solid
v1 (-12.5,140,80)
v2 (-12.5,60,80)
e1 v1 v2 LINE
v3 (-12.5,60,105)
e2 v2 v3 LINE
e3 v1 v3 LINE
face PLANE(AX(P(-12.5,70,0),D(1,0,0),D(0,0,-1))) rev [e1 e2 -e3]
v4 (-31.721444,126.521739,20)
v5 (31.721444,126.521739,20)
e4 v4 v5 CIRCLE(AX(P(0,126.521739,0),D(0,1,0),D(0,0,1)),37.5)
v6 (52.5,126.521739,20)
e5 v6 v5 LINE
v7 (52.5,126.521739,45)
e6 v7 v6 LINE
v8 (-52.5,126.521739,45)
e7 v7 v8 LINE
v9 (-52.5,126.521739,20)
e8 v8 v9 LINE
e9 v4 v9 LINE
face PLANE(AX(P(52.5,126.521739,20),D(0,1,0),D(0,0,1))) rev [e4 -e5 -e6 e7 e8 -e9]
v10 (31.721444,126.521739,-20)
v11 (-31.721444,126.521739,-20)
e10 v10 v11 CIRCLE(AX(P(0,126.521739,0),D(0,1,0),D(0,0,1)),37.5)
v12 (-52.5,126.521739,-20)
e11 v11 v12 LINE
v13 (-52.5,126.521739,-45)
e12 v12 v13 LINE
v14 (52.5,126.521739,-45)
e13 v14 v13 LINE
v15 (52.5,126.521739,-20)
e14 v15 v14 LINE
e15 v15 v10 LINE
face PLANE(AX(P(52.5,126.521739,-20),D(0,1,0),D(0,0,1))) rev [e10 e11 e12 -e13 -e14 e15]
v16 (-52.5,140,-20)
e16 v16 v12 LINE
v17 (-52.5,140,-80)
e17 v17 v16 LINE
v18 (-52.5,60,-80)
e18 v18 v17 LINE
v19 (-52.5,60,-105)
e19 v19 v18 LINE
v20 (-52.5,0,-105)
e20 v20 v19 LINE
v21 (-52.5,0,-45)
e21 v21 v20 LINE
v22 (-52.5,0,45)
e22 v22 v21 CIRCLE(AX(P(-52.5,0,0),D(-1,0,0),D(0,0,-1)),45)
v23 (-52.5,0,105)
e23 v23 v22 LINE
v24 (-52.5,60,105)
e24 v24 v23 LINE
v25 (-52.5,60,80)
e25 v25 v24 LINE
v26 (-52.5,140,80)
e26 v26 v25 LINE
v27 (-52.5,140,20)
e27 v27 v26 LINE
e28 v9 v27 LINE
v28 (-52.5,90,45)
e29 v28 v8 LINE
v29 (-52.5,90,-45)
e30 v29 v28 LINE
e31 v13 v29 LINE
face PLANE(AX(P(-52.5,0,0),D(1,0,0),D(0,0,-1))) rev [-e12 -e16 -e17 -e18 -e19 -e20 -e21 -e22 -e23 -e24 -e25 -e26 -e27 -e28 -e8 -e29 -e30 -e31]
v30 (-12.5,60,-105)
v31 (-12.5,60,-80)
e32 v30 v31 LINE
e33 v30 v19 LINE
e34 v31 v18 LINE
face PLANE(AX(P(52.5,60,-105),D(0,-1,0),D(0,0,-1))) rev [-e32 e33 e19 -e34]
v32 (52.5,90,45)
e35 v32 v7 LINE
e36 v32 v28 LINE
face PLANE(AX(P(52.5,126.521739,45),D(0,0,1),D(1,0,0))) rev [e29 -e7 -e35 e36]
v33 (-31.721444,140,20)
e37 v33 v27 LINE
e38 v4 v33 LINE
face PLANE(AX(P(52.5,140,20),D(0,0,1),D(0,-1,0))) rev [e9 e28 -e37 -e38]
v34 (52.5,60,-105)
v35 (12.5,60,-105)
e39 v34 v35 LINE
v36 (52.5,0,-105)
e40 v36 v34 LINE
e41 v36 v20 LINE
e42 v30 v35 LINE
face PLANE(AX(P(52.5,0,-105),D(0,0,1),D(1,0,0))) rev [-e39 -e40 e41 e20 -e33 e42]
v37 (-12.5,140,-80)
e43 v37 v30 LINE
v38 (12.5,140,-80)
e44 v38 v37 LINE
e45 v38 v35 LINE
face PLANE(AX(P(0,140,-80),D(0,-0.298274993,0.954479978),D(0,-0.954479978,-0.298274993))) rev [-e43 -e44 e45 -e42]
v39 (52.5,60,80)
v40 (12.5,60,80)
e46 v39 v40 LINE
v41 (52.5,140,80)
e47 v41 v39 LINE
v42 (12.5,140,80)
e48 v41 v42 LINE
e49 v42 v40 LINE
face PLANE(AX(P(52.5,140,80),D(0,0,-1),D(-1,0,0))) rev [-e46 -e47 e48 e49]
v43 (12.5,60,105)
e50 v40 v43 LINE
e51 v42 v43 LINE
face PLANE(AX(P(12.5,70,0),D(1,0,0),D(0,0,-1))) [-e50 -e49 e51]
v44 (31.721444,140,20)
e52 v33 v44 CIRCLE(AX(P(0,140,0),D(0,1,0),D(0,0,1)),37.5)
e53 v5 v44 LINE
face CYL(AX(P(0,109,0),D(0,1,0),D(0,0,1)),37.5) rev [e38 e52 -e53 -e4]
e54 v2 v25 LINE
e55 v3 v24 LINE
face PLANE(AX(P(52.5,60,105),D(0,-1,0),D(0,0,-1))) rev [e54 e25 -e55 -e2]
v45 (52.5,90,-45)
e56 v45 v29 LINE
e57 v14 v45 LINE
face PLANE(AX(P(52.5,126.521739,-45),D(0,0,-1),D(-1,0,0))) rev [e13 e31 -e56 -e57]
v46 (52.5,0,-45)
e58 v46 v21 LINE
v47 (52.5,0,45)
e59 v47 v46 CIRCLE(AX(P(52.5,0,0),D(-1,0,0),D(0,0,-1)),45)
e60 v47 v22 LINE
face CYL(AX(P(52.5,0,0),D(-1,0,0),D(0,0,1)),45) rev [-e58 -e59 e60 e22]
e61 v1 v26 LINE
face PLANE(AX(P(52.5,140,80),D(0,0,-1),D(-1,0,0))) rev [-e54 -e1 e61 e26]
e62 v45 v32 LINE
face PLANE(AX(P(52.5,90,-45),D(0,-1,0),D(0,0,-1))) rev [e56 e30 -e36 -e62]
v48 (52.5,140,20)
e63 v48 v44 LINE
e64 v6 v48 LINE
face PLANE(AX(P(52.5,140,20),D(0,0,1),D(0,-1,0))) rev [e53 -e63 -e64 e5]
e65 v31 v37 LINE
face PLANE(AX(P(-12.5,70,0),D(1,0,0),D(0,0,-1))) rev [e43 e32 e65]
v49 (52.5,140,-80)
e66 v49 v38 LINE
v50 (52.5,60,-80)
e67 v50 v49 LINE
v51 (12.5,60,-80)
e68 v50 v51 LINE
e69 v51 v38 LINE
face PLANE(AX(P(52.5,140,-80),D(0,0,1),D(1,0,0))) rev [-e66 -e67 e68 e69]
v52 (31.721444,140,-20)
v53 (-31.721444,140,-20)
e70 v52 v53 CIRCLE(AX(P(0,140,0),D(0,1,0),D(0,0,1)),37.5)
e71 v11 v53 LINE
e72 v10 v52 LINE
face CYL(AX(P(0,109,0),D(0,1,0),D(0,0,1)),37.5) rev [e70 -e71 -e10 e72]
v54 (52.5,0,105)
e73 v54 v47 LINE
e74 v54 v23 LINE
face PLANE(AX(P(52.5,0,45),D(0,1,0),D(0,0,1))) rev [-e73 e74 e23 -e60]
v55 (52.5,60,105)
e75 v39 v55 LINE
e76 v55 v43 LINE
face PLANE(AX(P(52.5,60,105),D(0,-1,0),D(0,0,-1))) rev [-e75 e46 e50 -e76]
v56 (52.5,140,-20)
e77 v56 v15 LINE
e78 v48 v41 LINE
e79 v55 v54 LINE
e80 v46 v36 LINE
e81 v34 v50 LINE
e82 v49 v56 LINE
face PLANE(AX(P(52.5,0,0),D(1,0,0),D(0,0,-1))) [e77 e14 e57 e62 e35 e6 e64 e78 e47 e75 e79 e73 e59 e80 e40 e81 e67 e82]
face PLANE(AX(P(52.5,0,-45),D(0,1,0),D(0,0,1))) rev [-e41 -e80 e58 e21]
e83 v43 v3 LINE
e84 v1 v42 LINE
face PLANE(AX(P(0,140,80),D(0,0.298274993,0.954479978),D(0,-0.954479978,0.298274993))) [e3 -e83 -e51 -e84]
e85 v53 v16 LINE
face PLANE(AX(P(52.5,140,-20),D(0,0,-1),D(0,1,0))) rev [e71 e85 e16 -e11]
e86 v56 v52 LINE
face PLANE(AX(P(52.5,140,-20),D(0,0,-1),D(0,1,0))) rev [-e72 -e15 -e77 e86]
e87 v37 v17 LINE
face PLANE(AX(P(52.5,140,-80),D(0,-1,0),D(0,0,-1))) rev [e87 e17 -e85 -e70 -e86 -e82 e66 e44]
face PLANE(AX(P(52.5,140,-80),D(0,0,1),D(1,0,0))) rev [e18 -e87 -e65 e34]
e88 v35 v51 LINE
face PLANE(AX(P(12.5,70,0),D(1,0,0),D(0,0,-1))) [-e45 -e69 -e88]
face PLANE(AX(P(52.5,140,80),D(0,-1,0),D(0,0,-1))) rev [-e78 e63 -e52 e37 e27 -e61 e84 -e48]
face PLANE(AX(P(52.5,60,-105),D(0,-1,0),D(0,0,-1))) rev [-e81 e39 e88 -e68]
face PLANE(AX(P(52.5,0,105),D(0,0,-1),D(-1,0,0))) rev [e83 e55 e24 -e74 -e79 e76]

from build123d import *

# Parameters (mm, degrees)
BOSS_EXTRUDE1_DEPTH = 52.5
RIB1_REACH          = 184.705
SKETCH3_WALL_W      = 451.226000884
SKETCH3_WALL_H      = 25
RIB2_REACH          = 184.705
SKETCH2_WALL_W      = 451.226000884
SKETCH2_WALL_H      = 25
CUT_EXTRUDE1_DEPTH  = 31


with BuildPart() as part:
    # Sketch1 → Boss-Extrude1 (new, symmetric)
    with BuildSketch(Plane(origin=(0, 0, 0), x_dir=(0, 0, -1), z_dir=(1, 0, 0))):
        with BuildLine():
            Line((45, 0), (105, 0))
            Line((105, 0), (105, 60))
            Line((105, 60), (80, 60))
            Line((80, 60), (80, 140))
            Line((80, 140), (20, 140))
            Line((20, 140), (20, 126.52173913))
            Line((20, 126.52173913), (45, 126.52173913))
            Line((45, 126.52173913), (45, 90))
            Line((45, 90), (-45, 90))
            Line((-45, 90), (-45, 126.52173913))
            Line((-45, 126.52173913), (-20, 126.52173913))
            Line((-20, 126.52173913), (-20, 140))
            Line((-20, 140), (-80, 140))
            Line((-80, 140), (-80, 60))
            Line((-80, 60), (-105, 60))
            Line((-105, 60), (-105, 0))
            Line((-105, 0), (-45, 0))
            ThreePointArc((-45, 0), (0, 45), (45, 0))
        make_face()
    extrude(amount=BOSS_EXTRUDE1_DEPTH, both=True)

    # Sketch3 wall → Rib1 (add, up to next)
    with BuildSketch(Plane(origin=(0, 100, 92.5), x_dir=(0, -0.954479978035, 0.298274993136), z_dir=(0, -0.298274993136, -0.954479978035)), mode=Mode.PRIVATE) as rib1_sk1:
        Rectangle(SKETCH3_WALL_W, SKETCH3_WALL_H)
    rib1_tool1 = extrude(rib1_sk1.sketch, amount=RIB1_REACH, mode=Mode.PRIVATE) - part.part
    add(rib1_tool1.solids().sort_by_distance((0, 100, 92.5))[0])

    # Sketch2 wall → Rib2 (add, up to next)
    with BuildSketch(Plane(origin=(0, 100, -92.5), x_dir=(0, -0.954479978035, -0.298274993136), z_dir=(0, 0.298274993136, -0.954479978035)), mode=Mode.PRIVATE) as rib2_sk1:
        Rectangle(SKETCH2_WALL_W, SKETCH2_WALL_H)
    rib2_tool1 = extrude(rib2_sk1.sketch, amount=-RIB2_REACH, mode=Mode.PRIVATE) - part.part
    add(rib2_tool1.solids().sort_by_distance((0, 100, -92.5))[0])

    # Sketch5 → Cut-Extrude1 (cut)
    with BuildSketch(Plane(origin=(0, 140, 0), x_dir=(1, 0, 0), z_dir=(0, 1, 0))):
        with BuildLine():
            Line((31.721443851, -20), (-31.721443851, -20))
            ThreePointArc((-31.721443851, -20), (0, -37.5), (31.721443851, -20))
        make_face()
        with BuildLine():
            Line((31.721443851, 20), (-31.721443851, 20))
            ThreePointArc((-31.721443851, 20), (0, 37.5), (31.721443851, 20))
        make_face()
    extrude(amount=-CUT_EXTRUDE1_DEPTH, mode=Mode.SUBTRACT)


solid = part.part
